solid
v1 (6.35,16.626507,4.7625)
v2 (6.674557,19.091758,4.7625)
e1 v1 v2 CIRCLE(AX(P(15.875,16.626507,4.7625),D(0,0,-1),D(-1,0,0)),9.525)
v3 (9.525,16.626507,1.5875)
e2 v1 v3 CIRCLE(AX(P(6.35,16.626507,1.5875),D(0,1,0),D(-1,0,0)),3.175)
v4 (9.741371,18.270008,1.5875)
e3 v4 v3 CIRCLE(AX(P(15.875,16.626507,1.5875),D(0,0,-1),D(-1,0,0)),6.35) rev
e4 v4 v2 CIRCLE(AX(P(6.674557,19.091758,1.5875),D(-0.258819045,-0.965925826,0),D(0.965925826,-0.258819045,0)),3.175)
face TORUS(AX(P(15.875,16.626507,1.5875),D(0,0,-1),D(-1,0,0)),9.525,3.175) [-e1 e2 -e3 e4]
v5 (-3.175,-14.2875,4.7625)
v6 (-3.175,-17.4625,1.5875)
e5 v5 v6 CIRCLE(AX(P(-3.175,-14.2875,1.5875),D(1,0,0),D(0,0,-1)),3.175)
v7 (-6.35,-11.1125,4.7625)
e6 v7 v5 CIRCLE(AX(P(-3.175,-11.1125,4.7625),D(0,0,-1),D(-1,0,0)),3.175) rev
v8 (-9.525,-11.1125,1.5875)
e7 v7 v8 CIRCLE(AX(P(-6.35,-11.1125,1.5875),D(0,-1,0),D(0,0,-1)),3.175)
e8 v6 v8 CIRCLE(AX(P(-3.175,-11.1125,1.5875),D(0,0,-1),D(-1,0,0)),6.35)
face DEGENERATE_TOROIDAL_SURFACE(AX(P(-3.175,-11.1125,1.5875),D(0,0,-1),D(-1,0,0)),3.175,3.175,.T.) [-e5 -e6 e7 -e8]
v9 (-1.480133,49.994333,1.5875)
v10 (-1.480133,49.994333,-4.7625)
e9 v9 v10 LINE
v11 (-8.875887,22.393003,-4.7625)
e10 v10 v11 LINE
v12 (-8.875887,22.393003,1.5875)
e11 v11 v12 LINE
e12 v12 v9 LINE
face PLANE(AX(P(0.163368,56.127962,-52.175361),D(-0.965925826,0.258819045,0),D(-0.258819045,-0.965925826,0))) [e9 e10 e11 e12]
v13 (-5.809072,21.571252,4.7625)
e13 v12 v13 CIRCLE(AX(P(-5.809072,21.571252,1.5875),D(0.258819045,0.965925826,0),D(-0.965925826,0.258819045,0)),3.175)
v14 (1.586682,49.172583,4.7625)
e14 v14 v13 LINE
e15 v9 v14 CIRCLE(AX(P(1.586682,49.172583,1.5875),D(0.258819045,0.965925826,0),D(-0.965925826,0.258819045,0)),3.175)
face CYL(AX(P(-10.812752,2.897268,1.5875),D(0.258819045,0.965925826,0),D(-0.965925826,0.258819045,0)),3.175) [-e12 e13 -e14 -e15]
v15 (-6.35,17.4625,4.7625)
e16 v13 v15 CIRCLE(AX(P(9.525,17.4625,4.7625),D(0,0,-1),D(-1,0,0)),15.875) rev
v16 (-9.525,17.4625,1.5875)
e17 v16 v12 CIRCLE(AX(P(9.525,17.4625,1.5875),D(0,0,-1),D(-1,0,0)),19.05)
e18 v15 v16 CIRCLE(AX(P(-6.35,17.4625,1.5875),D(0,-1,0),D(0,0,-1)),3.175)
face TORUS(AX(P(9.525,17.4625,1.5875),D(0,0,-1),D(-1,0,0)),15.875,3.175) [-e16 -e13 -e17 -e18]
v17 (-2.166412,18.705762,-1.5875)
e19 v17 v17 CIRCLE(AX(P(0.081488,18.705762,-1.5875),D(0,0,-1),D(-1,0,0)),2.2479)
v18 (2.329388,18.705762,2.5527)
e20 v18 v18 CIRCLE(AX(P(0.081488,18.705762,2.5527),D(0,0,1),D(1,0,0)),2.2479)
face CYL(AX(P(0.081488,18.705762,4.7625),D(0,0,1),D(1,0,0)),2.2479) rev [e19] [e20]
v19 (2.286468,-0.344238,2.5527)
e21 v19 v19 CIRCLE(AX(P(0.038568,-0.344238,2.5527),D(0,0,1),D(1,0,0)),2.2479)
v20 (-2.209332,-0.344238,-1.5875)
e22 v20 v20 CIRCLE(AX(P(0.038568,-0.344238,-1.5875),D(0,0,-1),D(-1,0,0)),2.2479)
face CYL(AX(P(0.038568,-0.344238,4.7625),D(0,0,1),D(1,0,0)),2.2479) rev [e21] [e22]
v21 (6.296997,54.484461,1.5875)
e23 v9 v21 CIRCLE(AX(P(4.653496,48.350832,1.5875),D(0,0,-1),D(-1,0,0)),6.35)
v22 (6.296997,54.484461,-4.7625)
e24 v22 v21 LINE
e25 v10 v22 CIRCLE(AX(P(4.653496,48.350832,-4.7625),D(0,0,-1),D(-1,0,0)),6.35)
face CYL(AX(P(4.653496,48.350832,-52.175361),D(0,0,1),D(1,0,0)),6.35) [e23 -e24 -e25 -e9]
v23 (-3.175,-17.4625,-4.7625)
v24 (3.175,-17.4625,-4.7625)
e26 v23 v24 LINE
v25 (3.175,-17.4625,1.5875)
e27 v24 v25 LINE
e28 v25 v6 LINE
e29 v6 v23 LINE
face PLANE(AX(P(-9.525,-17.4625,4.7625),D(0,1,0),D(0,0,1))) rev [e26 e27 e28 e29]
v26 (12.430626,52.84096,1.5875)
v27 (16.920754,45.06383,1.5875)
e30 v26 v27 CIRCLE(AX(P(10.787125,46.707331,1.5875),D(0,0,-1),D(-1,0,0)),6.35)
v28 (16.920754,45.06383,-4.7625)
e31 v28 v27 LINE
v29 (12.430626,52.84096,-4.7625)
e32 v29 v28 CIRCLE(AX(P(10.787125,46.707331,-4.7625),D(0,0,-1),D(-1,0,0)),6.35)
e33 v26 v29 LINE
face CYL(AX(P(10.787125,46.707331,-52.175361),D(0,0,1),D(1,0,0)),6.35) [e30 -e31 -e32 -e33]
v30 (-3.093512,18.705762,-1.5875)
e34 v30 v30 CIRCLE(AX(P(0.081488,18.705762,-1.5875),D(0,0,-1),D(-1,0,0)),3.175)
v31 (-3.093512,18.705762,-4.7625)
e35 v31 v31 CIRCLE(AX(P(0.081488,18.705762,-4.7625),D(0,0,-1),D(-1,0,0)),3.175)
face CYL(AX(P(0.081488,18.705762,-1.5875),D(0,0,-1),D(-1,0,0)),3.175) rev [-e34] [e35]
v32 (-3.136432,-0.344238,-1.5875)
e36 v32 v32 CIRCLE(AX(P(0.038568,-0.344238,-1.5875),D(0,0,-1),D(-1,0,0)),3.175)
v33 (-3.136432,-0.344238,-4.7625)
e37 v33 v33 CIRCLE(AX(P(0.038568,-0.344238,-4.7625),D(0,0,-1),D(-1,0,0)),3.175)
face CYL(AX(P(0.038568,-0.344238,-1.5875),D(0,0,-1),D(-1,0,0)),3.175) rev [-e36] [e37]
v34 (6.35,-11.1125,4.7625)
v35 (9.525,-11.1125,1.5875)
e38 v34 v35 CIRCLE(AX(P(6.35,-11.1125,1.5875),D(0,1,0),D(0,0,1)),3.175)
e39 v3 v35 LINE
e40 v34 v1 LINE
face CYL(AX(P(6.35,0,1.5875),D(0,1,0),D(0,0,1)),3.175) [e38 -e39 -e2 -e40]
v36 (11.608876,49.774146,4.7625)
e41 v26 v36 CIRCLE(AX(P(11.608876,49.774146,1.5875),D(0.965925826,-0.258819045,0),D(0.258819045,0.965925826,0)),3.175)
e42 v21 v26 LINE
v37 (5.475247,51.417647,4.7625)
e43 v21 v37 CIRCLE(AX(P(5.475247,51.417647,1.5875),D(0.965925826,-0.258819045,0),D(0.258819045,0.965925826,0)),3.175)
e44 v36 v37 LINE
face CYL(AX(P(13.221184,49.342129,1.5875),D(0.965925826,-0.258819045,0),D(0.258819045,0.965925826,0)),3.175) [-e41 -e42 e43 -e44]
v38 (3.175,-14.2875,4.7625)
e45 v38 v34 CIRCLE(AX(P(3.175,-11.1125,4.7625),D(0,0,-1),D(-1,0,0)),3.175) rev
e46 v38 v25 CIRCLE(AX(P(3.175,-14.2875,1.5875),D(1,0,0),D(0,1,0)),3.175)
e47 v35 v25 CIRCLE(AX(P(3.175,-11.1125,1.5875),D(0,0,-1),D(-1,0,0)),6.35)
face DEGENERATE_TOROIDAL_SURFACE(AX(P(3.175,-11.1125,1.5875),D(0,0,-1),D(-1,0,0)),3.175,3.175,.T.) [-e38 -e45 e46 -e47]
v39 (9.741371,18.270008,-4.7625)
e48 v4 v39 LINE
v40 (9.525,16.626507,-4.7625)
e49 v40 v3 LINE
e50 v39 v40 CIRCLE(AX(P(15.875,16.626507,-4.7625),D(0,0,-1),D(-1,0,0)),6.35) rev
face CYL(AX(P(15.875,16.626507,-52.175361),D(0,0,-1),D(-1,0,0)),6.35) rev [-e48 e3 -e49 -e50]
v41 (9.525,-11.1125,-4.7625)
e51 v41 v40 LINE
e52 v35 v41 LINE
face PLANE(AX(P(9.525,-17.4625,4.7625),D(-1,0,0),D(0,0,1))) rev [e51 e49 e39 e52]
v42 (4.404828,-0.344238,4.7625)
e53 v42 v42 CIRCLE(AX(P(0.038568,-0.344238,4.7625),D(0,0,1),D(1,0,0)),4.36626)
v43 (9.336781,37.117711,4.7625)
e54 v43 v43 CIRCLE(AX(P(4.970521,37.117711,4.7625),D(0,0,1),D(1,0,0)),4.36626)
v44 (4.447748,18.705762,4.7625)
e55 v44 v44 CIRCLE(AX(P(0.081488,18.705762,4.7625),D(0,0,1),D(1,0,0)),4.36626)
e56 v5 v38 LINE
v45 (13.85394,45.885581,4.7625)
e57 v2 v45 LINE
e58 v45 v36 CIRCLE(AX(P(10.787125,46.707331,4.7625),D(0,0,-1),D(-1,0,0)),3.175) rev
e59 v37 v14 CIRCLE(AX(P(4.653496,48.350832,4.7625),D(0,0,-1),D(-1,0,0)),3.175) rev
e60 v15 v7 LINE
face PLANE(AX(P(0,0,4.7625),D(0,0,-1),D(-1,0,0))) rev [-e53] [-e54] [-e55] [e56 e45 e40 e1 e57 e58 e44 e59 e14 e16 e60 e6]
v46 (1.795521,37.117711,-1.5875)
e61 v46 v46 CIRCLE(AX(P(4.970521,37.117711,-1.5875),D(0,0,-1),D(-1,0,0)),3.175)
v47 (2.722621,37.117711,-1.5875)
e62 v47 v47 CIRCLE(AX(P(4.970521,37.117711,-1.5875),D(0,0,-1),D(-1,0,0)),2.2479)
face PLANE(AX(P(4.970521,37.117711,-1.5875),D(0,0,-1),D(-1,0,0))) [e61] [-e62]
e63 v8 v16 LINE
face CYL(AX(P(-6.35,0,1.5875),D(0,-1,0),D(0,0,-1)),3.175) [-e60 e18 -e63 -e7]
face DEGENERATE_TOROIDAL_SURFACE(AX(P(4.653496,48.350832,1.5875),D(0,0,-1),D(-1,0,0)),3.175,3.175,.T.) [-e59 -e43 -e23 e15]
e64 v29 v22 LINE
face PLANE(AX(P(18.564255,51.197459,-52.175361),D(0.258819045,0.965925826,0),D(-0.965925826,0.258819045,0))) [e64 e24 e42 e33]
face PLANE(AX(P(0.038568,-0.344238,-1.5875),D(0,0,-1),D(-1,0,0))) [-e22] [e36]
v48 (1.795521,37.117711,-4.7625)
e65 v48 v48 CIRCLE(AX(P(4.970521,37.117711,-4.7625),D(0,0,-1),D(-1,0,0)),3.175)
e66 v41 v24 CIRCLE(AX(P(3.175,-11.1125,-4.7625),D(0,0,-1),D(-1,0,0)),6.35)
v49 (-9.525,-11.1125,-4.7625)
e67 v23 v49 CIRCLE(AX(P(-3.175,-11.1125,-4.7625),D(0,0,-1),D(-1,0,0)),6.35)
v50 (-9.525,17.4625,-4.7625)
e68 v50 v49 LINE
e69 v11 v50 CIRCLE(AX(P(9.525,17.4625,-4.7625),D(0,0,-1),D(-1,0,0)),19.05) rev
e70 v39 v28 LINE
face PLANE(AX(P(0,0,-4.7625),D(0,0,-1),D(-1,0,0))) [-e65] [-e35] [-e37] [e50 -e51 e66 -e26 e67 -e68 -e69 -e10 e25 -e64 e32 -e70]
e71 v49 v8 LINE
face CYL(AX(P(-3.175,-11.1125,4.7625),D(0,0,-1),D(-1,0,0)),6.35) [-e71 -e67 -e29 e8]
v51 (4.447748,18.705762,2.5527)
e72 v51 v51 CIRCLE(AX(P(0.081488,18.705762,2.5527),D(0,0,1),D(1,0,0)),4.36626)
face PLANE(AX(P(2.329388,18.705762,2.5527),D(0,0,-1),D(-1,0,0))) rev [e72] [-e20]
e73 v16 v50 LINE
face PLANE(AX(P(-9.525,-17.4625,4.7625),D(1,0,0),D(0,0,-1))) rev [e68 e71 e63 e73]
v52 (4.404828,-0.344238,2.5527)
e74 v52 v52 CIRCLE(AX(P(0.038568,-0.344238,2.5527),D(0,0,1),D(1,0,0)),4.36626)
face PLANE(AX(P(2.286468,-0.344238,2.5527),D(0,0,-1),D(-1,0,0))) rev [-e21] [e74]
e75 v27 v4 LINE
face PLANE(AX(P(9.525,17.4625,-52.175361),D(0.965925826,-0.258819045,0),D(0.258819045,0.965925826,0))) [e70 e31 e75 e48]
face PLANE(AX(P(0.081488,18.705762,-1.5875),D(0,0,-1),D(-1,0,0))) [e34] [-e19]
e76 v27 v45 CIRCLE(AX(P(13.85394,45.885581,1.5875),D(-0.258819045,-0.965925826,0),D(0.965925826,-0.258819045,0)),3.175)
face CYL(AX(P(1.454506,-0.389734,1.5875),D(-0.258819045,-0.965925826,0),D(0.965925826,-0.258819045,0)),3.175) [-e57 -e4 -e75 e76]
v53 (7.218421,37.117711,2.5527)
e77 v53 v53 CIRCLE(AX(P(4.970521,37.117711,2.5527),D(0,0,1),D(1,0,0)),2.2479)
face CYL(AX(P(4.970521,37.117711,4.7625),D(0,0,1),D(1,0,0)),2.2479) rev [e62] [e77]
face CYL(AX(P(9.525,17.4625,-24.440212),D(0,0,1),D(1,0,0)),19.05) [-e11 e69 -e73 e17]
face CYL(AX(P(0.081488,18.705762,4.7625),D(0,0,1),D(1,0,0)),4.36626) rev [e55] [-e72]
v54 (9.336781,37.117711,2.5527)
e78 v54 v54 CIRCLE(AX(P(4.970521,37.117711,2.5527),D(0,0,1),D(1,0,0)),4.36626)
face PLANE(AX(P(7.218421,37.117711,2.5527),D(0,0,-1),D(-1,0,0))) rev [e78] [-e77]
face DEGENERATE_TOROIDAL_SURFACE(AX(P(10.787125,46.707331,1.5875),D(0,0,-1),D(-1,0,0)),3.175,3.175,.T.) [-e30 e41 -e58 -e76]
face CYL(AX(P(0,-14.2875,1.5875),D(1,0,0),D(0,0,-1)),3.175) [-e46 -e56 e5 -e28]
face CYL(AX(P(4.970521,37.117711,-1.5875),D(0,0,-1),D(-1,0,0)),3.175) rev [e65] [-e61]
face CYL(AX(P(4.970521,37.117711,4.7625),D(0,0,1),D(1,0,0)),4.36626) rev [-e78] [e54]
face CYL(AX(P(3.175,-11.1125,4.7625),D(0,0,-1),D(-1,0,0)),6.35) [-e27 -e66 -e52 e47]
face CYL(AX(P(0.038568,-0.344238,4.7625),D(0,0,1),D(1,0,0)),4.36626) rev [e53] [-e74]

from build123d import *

# Parameters (mm, degrees)
SKETCH1_W                                      = 19.05
SKETCH1_H                                      = 34.925
BOSS_EXTRUDE1_DEPTH                            = 4.7625
BOSS_EXTRUDE2_DEPTH                            = 9.525
BOSS_EXTRUDE3_DEPTH                            = 9.525
CBORE_FOR_8_BUTTON_HEAD_CAP_SCREW1_D           = 4.4958
CBORE_FOR_8_BUTTON_HEAD_CAP_SCREW1_CBORE_D     = 8.73252
CBORE_FOR_8_BUTTON_HEAD_CAP_SCREW1_CBORE_DEPTH = 2.2098
FILLET1_R                                      = 6.35
SKETCH6_R                                      = 3.175
SKETCH6_R_2                                    = 2.2479
CUT_EXTRUDE1_DEPTH                             = 3.175
FILLET2_R                                      = 3.175


with BuildPart() as part:
    # Sketch1 → Boss-Extrude1 (new, symmetric)
    with BuildSketch(Plane.XY):
        Rectangle(SKETCH1_W, SKETCH1_H)
    extrude(amount=BOSS_EXTRUDE1_DEPTH, both=True)



with BuildPart() as body_2:
    # Sketch2 → Boss-Extrude2 (new body)
    with BuildSketch(Plane.XY.offset(4.7625)):
        Polygon((9.525, 17.4625), (18.56425515, 51.197459483), (0.163368159, 56.127962292), (-8.875886991, 22.393002809), align=None)
    extrude(amount=-BOSS_EXTRUDE2_DEPTH)


with BuildPart() as part_1:
    add(part.part)

    add(body_2.part)  # Boss-Extrude3 merges body 2
    # Sketch3 → Boss-Extrude3 (add)
    with BuildSketch(Plane.XY.offset(4.7625)):
        with BuildLine():
            Line((-8.875886991, 22.393002809), (9.525, 17.4625))
            Line((9.525, 17.4625), (-9.525, 17.4625))
            ThreePointArc((-9.525, 17.4625), (-9.362024609, 19.949023962), (-8.875886991, 22.393002809))
        make_face()
    extrude(amount=-BOSS_EXTRUDE3_DEPTH)

    # CBORE for #8 Button Head Cap Screw1 (through all)
    with Locations(Plane.XY.offset(4.7625)):
        with Locations((0.038567729, -0.344238019), (0.081487695, 18.705761981), (4.970520592, 37.117710746)):
            CounterBoreHole(CBORE_FOR_8_BUTTON_HEAD_CAP_SCREW1_D / 2, CBORE_FOR_8_BUTTON_HEAD_CAP_SCREW1_CBORE_D / 2, CBORE_FOR_8_BUTTON_HEAD_CAP_SCREW1_CBORE_DEPTH)

    # Fillet1
    fillet1_edges = [part_1.edges().sort_by_distance(p)[0] for p in [
        (18.56425515, 51.197459483, 0),
        (0.163368159, 56.127962292, 0),
        (9.525, -17.4625, 0),
        (-9.525, -17.4625, 0),
        (9.525, 17.4625, 0),
    ]]
    fillet(fillet1_edges, radius=FILLET1_R)

    # Sketch6 → Cut-Extrude1 (cut)
    # profile 1 of 3: a face of its own
    with BuildSketch(Plane(origin=(0, 0, -4.7625), x_dir=(-1, 0, 0), z_dir=(0, 0, -1))):
        with Locations((-4.970520592, 37.117710746)):
            Circle(SKETCH6_R)
        with Locations(Location((-4.970520592, 37.117710746, 0), (0, 0, 180))):
            Circle(SKETCH6_R_2, mode=Mode.SUBTRACT)
    # profile 2 of 3: a face of its own
    with BuildSketch(Plane(origin=(0, 0, -4.7625), x_dir=(-1, 0, 0), z_dir=(0, 0, -1))):
        with Locations((-0.081487695, 18.705761981)):
            Circle(SKETCH6_R)
        with Locations(Location((-0.081487695, 18.705761981, 0), (0, 0, 180))):
            Circle(SKETCH6_R_2, mode=Mode.SUBTRACT)
    # profile 3 of 3: a face of its own
    with BuildSketch(Plane(origin=(0, 0, -4.7625), x_dir=(-1, 0, 0), z_dir=(0, 0, -1))):
        with Locations((-0.038567729, -0.344238019)):
            Circle(SKETCH6_R)
        with Locations(Location((-0.038567729, -0.344238019, 0), (0, 0, 180))):
            Circle(SKETCH6_R_2, mode=Mode.SUBTRACT)
    extrude(amount=-CUT_EXTRUDE1_DEPTH, mode=Mode.SUBTRACT)

    # Fillet2
    fillet2_edges = [part_1.edges().sort_by_distance(p)[0] for p in [
        (-9.525, 3.175, 4.7625),
        (-9.362024609, 19.949023962, 4.7625),
        (13.331062608, 31.666919031, 4.7625),
        (9.525, 2.75700332, 4.7625),
        (9.363811655, 53.662710888, 4.7625),
        (-5.178009884, 36.193668052, 4.7625),
        (0, -17.4625, 4.7625),
        (16.286386531, 49.882331423, 4.7625),
        (7.665128061, -15.602628061, 4.7625),
        (-7.665128061, -15.602628061, 4.7625),
        (1.47849622, 53.850093673, 4.7625),
        (9.57932513, 17.455347961, 4.7625),
    ]]
    fillet(fillet2_edges, radius=FILLET2_R)


solid = part_1.part
